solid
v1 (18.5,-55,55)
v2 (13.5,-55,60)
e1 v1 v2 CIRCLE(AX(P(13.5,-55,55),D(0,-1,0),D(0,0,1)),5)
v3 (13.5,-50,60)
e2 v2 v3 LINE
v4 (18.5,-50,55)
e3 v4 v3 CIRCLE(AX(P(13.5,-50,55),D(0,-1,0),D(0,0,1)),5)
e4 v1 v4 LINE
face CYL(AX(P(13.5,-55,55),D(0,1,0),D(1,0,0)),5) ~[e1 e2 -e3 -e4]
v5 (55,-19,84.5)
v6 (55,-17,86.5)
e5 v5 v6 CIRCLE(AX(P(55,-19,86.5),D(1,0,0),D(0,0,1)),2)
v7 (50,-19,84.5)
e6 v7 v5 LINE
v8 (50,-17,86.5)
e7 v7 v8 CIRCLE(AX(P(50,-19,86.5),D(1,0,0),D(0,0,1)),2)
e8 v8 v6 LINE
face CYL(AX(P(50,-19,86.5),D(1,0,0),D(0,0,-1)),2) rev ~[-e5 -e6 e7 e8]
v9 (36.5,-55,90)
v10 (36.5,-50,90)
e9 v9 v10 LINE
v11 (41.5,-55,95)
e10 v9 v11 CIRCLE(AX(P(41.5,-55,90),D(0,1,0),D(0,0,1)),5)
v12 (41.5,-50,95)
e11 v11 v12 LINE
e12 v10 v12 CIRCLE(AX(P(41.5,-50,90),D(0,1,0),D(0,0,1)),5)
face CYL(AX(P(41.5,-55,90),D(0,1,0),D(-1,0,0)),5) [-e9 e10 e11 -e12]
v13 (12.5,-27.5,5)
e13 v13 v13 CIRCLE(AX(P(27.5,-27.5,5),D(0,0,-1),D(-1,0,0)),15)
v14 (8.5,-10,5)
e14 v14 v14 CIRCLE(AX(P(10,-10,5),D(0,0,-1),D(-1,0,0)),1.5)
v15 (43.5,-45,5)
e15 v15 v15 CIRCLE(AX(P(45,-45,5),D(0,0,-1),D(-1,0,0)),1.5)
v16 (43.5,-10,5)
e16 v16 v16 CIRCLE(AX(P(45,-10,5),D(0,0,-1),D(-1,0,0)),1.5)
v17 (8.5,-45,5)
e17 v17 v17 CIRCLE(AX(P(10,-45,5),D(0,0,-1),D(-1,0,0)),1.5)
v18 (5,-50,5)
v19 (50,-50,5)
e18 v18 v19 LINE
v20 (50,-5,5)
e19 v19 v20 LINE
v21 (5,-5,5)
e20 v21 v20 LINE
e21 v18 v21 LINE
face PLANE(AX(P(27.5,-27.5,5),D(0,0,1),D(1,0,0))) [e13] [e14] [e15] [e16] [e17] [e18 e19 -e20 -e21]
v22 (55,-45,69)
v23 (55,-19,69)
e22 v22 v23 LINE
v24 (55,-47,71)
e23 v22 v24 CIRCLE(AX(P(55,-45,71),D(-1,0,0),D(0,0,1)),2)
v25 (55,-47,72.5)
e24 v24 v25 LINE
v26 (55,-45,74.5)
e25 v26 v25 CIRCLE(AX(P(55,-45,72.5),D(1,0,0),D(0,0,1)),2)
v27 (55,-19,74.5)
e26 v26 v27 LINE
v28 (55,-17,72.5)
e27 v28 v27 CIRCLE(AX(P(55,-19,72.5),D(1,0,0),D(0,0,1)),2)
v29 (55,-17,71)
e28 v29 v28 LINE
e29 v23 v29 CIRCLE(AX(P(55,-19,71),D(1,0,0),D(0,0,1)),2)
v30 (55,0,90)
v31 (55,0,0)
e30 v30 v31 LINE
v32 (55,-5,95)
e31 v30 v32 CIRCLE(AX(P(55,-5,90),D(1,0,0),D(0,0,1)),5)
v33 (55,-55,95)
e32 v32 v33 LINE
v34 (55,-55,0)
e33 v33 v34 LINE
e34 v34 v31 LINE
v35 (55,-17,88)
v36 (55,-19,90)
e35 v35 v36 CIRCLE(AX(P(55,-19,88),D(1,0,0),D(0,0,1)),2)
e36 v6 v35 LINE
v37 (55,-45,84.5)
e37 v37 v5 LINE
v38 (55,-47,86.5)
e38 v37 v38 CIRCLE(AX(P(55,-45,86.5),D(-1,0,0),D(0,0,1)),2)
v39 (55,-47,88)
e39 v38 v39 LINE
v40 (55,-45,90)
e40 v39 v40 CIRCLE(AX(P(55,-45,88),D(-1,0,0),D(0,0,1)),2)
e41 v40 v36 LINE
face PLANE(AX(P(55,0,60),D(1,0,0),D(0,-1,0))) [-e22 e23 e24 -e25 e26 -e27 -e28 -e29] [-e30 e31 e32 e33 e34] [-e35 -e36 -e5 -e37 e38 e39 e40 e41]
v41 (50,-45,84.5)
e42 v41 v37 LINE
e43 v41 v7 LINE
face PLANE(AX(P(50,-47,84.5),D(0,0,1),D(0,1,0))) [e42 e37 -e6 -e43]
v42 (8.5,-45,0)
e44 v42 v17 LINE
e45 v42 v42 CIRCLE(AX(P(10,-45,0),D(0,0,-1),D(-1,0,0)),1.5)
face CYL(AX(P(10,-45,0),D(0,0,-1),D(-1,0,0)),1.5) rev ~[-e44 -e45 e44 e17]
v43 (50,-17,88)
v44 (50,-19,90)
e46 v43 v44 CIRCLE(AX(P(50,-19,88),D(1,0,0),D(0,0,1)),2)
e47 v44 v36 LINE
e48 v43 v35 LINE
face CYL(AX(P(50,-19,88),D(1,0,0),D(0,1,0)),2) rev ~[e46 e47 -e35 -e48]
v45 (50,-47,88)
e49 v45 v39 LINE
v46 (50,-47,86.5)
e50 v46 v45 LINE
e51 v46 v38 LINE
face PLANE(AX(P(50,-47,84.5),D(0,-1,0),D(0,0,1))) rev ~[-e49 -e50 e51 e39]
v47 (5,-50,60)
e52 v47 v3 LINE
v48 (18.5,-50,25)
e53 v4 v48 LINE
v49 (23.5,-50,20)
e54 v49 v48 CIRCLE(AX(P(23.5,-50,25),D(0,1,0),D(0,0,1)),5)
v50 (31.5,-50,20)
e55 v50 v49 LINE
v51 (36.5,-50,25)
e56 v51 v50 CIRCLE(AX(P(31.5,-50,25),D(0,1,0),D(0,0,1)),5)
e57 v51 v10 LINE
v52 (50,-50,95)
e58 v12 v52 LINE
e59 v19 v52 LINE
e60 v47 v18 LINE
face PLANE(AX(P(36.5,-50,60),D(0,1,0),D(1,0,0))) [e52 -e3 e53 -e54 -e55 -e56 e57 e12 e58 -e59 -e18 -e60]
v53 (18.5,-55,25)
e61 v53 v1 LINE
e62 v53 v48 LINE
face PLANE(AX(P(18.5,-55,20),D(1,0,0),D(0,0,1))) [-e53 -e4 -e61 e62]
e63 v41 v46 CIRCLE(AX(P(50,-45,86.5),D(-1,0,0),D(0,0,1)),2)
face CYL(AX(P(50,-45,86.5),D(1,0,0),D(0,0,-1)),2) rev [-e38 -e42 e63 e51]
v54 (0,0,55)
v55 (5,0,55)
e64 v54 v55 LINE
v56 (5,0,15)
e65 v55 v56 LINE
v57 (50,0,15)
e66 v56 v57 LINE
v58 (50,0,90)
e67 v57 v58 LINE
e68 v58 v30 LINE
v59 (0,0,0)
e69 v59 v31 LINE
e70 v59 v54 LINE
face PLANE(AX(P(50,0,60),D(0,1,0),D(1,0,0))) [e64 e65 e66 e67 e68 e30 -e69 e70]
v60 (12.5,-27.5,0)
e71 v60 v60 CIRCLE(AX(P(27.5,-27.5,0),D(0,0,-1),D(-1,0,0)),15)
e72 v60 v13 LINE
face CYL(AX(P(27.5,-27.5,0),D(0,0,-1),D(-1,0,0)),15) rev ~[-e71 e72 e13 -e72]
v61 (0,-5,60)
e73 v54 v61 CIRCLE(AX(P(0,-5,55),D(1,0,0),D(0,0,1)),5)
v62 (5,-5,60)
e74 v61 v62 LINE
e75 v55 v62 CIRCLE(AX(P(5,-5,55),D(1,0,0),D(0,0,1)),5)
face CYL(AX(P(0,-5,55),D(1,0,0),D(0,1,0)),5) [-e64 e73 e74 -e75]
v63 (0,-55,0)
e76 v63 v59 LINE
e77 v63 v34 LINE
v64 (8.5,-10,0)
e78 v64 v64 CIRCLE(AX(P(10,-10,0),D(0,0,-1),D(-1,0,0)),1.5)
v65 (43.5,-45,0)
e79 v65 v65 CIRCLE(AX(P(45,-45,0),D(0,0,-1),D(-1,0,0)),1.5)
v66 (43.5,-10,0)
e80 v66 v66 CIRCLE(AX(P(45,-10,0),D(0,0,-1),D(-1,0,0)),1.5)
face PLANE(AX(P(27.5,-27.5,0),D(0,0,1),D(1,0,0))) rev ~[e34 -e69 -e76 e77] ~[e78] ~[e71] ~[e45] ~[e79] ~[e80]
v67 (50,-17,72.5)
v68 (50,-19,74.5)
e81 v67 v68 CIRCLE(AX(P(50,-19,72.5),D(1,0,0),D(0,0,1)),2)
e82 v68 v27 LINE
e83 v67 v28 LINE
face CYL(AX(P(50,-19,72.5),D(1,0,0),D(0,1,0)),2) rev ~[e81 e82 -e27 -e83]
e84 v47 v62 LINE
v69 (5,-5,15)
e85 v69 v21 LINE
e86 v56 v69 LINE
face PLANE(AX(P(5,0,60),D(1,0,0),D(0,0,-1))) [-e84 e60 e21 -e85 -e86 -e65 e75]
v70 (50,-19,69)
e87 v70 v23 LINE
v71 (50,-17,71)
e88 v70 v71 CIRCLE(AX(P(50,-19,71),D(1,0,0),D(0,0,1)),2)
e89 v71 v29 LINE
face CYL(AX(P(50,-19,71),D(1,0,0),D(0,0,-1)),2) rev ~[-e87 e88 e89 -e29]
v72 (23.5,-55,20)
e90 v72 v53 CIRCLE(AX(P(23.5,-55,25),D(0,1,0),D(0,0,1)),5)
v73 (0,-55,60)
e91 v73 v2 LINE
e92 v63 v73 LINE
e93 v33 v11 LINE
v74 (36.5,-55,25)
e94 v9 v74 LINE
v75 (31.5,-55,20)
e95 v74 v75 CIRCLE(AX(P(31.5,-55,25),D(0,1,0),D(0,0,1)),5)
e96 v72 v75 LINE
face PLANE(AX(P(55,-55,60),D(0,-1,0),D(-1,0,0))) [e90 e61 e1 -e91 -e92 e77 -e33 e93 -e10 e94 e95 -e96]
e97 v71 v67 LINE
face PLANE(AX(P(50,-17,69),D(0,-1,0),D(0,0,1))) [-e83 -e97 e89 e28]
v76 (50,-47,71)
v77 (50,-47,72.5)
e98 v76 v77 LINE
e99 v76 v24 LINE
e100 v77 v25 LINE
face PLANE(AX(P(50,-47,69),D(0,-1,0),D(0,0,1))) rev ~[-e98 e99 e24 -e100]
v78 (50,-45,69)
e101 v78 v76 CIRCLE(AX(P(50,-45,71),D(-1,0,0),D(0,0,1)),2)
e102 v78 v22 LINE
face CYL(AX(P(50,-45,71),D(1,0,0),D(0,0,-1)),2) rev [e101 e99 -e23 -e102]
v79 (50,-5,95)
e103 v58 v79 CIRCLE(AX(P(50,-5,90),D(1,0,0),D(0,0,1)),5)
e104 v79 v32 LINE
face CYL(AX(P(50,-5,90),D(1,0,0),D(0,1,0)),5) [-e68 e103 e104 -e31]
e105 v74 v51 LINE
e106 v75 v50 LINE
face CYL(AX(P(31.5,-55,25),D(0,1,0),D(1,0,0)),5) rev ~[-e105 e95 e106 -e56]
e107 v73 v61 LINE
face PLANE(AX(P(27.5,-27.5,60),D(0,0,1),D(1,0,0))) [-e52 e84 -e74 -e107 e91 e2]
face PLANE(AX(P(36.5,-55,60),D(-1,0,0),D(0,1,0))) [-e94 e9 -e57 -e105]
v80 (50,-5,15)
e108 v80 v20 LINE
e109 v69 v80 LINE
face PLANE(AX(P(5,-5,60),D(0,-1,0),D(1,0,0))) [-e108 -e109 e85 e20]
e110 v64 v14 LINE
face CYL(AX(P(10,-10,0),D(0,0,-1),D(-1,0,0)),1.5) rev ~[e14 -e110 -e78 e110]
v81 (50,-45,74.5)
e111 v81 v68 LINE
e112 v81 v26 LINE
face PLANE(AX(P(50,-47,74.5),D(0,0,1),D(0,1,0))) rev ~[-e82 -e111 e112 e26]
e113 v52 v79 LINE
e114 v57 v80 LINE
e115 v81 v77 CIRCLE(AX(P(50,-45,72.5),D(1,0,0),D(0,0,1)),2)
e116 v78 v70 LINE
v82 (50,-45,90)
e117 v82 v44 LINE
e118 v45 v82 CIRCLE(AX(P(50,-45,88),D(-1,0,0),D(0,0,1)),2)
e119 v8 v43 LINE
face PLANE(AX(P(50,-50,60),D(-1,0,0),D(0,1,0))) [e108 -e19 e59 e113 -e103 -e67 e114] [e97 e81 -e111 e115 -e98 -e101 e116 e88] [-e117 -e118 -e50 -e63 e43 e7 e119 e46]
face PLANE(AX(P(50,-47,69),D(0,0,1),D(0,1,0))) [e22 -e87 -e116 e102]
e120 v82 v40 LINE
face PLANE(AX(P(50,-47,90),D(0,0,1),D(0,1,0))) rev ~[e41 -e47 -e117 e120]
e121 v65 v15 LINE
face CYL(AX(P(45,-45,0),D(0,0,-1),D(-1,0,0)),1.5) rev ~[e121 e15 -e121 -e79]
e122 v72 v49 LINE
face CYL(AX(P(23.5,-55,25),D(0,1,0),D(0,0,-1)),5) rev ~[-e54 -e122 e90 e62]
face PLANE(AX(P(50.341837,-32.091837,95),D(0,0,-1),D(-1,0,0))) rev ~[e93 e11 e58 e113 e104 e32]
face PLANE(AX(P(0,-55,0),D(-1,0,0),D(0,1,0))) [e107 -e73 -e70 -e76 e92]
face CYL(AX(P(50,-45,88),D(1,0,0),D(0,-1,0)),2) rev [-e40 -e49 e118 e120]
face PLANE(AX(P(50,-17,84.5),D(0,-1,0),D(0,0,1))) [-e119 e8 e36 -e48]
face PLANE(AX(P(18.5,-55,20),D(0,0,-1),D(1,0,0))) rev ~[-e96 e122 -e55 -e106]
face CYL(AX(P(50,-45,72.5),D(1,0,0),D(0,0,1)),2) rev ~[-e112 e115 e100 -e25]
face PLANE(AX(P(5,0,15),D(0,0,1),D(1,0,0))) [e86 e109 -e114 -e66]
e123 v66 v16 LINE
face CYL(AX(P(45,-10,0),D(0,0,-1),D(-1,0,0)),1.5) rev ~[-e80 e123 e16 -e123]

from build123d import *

# Parameters (mm, degrees)
CROQUIS1_W              = 55
CROQUIS1_H              = 55
SALIENTE_EXTRUIR1_DEPTH = 60
CROQUIS2_W              = 45
CROQUIS2_H              = 45
CORTAR_EXTRUIR1_DEPTH   = 55
CORTAR_EXTRUIR2_REACH   = 57
CROQUIS3_W              = 18
CROQUIS3_H              = 40
CORTAR_EXTRUIR3_REACH   = 57
CROQUIS4_W              = 45
CROQUIS4_H              = 45
CORTAR_EXTRUIR4_REACH   = 62
CROQUIS5_R              = 1.5
CROQUIS5_R_2            = 15
SALIENTE_EXTRUIR2_DEPTH = 35
REDONDEO3_R             = 5
CORTAR_EXTRUIR5_REACH   = 7
CROQUIS7_W              = 5.5
CROQUIS7_H              = 30
REDONDEO4_R             = 2


with BuildPart() as part:
    # Croquis1 → Saliente-Extruir1 (new body)
    with BuildSketch(Plane.XY):
        with Locations((27.5, -27.5)):
            Rectangle(CROQUIS1_W, CROQUIS1_H)
    extrude(amount=SALIENTE_EXTRUIR1_DEPTH)

    # Croquis2 → Cortar-Extruir1 (cut)
    with BuildSketch(Plane.XY.offset(60)):
        with Locations((27.5, -27.5)):
            Rectangle(CROQUIS2_W, CROQUIS2_H)
    extrude(amount=-CORTAR_EXTRUIR1_DEPTH, mode=Mode.SUBTRACT)

    # Croquis3 → Cortar-Extruir2 (cut, up to next)
    with BuildSketch(Plane.XZ.offset(55), mode=Mode.PRIVATE) as cortar_extruir2_sk1:
        with Locations((27.5, 40)):
            Rectangle(CROQUIS3_W, CROQUIS3_H)
    cortar_extruir2_tool1 = extrude(cortar_extruir2_sk1.sketch, amount=-CORTAR_EXTRUIR2_REACH, mode=Mode.PRIVATE) & part.part
    add(cortar_extruir2_tool1.solids().sort_by_distance((27.5, -55, 40))[0], mode=Mode.SUBTRACT)

    # Croquis4 → Cortar-Extruir3 (cut, up to next)
    with BuildSketch(Plane(origin=(0, 0, 0), x_dir=(1, 0, 0), z_dir=(0, 1, 0)), mode=Mode.PRIVATE) as cortar_extruir3_sk1:
        with Locations((27.5, -37.5)):
            Rectangle(CROQUIS4_W, CROQUIS4_H)
    cortar_extruir3_tool1 = extrude(cortar_extruir3_sk1.sketch, amount=-CORTAR_EXTRUIR3_REACH, mode=Mode.PRIVATE) & part.part
    add(cortar_extruir3_tool1.solids().sort_by_distance((27.5, 0, 37.5))[0], mode=Mode.SUBTRACT)

    # Croquis5 → Cortar-Extruir4 (cut, up to next)
    with BuildSketch(Plane(origin=(0, 0, 0), x_dir=(-1, 0, 0), z_dir=(0, 0, -1)), mode=Mode.PRIVATE) as cortar_extruir4_sk1:
        with Locations((-45, -10)):
            Circle(CROQUIS5_R)
    cortar_extruir4_tool1 = extrude(cortar_extruir4_sk1.sketch, amount=-CORTAR_EXTRUIR4_REACH, mode=Mode.PRIVATE) & part.part
    add(cortar_extruir4_tool1.solids().sort_by_distance((45, -10, 0))[0], mode=Mode.SUBTRACT)
    # Croquis5 → Cortar-Extruir4 (cut, up to next)
    with BuildSketch(Plane(origin=(0, 0, 0), x_dir=(-1, 0, 0), z_dir=(0, 0, -1)), mode=Mode.PRIVATE) as cortar_extruir4_sk2:
        with Locations((-10, -10)):
            Circle(CROQUIS5_R)
    cortar_extruir4_tool2 = extrude(cortar_extruir4_sk2.sketch, amount=-CORTAR_EXTRUIR4_REACH, mode=Mode.PRIVATE) & part.part
    add(cortar_extruir4_tool2.solids().sort_by_distance((10, -10, 0))[0], mode=Mode.SUBTRACT)
    # Croquis5 → Cortar-Extruir4 (cut, up to next)
    with BuildSketch(Plane(origin=(0, 0, 0), x_dir=(-1, 0, 0), z_dir=(0, 0, -1)), mode=Mode.PRIVATE) as cortar_extruir4_sk3:
        with Locations((-45, -45)):
            Circle(CROQUIS5_R)
    cortar_extruir4_tool3 = extrude(cortar_extruir4_sk3.sketch, amount=-CORTAR_EXTRUIR4_REACH, mode=Mode.PRIVATE) & part.part
    add(cortar_extruir4_tool3.solids().sort_by_distance((45, -45, 0))[0], mode=Mode.SUBTRACT)
    # Croquis5 → Cortar-Extruir4 (cut, up to next)
    with BuildSketch(Plane(origin=(0, 0, 0), x_dir=(-1, 0, 0), z_dir=(0, 0, -1)), mode=Mode.PRIVATE) as cortar_extruir4_sk4:
        with Locations((-10, -45)):
            Circle(CROQUIS5_R)
    cortar_extruir4_tool4 = extrude(cortar_extruir4_sk4.sketch, amount=-CORTAR_EXTRUIR4_REACH, mode=Mode.PRIVATE) & part.part
    add(cortar_extruir4_tool4.solids().sort_by_distance((10, -45, 0))[0], mode=Mode.SUBTRACT)
    # Croquis5 → Cortar-Extruir4 (cut, up to next)
    with BuildSketch(Plane(origin=(0, 0, 0), x_dir=(-1, 0, 0), z_dir=(0, 0, -1)), mode=Mode.PRIVATE) as cortar_extruir4_sk5:
        with Locations((-27.5, -27.5)):
            Circle(CROQUIS5_R_2)
    cortar_extruir4_tool5 = extrude(cortar_extruir4_sk5.sketch, amount=-CORTAR_EXTRUIR4_REACH, mode=Mode.PRIVATE) & part.part
    add(cortar_extruir4_tool5.solids().sort_by_distance((27.5, -27.5, 0))[0], mode=Mode.SUBTRACT)

    # Croquis6 → Saliente-Extruir2 (add)
    with BuildSketch(Plane.XY.offset(60)):
        Polygon((50, 0), (55, 0), (55, -55), (36.5, -55), (36.5, -50), (50, -50), align=None)
    extrude(amount=SALIENTE_EXTRUIR2_DEPTH)

    # Redondeo3
    redondeo3_edges = [part.edges().sort_by_distance(p)[0] for p in [
        (36.5, -52.5, 20),
        (18.5, -52.5, 60),
        (18.5, -52.5, 20),
        (2.5, 0, 60),
        (36.5, -52.5, 95),
        (52.5, 0, 95),
    ]]
    fillet(redondeo3_edges, radius=REDONDEO3_R)

    # Croquis7 → Cortar-Extruir5 (cut, up to next)
    with BuildSketch(Plane.ZY.offset(-50), mode=Mode.PRIVATE) as cortar_extruir5_sk1:
        with Locations((87.25, -32)):
            Rectangle(CROQUIS7_W, CROQUIS7_H)
    cortar_extruir5_tool1 = extrude(cortar_extruir5_sk1.sketch, amount=-CORTAR_EXTRUIR5_REACH, mode=Mode.PRIVATE) & part.part
    add(cortar_extruir5_tool1.solids().sort_by_distance((50, -32, 87.25))[0], mode=Mode.SUBTRACT)
    # Croquis7 → Cortar-Extruir5 (cut, up to next)
    with BuildSketch(Plane.ZY.offset(-50), mode=Mode.PRIVATE) as cortar_extruir5_sk2:
        with Locations((71.75, -32)):
            Rectangle(CROQUIS7_W, CROQUIS7_H)
    cortar_extruir5_tool2 = extrude(cortar_extruir5_sk2.sketch, amount=-CORTAR_EXTRUIR5_REACH, mode=Mode.PRIVATE) & part.part
    add(cortar_extruir5_tool2.solids().sort_by_distance((50, -32, 71.75))[0], mode=Mode.SUBTRACT)

    # Redondeo4
    redondeo4_edges = [part.edges().sort_by_distance(p)[0] for p in [
        (52.5, -47, 84.5),
        (52.5, -17, 84.5),
        (52.5, -17, 90),
        (52.5, -47, 90),
        (52.5, -47, 69),
        (52.5, -17, 69),
        (52.5, -17, 74.5),
        (52.5, -47, 74.5),
    ]]
    fillet(redondeo4_edges, radius=REDONDEO4_R)


solid = part.part
